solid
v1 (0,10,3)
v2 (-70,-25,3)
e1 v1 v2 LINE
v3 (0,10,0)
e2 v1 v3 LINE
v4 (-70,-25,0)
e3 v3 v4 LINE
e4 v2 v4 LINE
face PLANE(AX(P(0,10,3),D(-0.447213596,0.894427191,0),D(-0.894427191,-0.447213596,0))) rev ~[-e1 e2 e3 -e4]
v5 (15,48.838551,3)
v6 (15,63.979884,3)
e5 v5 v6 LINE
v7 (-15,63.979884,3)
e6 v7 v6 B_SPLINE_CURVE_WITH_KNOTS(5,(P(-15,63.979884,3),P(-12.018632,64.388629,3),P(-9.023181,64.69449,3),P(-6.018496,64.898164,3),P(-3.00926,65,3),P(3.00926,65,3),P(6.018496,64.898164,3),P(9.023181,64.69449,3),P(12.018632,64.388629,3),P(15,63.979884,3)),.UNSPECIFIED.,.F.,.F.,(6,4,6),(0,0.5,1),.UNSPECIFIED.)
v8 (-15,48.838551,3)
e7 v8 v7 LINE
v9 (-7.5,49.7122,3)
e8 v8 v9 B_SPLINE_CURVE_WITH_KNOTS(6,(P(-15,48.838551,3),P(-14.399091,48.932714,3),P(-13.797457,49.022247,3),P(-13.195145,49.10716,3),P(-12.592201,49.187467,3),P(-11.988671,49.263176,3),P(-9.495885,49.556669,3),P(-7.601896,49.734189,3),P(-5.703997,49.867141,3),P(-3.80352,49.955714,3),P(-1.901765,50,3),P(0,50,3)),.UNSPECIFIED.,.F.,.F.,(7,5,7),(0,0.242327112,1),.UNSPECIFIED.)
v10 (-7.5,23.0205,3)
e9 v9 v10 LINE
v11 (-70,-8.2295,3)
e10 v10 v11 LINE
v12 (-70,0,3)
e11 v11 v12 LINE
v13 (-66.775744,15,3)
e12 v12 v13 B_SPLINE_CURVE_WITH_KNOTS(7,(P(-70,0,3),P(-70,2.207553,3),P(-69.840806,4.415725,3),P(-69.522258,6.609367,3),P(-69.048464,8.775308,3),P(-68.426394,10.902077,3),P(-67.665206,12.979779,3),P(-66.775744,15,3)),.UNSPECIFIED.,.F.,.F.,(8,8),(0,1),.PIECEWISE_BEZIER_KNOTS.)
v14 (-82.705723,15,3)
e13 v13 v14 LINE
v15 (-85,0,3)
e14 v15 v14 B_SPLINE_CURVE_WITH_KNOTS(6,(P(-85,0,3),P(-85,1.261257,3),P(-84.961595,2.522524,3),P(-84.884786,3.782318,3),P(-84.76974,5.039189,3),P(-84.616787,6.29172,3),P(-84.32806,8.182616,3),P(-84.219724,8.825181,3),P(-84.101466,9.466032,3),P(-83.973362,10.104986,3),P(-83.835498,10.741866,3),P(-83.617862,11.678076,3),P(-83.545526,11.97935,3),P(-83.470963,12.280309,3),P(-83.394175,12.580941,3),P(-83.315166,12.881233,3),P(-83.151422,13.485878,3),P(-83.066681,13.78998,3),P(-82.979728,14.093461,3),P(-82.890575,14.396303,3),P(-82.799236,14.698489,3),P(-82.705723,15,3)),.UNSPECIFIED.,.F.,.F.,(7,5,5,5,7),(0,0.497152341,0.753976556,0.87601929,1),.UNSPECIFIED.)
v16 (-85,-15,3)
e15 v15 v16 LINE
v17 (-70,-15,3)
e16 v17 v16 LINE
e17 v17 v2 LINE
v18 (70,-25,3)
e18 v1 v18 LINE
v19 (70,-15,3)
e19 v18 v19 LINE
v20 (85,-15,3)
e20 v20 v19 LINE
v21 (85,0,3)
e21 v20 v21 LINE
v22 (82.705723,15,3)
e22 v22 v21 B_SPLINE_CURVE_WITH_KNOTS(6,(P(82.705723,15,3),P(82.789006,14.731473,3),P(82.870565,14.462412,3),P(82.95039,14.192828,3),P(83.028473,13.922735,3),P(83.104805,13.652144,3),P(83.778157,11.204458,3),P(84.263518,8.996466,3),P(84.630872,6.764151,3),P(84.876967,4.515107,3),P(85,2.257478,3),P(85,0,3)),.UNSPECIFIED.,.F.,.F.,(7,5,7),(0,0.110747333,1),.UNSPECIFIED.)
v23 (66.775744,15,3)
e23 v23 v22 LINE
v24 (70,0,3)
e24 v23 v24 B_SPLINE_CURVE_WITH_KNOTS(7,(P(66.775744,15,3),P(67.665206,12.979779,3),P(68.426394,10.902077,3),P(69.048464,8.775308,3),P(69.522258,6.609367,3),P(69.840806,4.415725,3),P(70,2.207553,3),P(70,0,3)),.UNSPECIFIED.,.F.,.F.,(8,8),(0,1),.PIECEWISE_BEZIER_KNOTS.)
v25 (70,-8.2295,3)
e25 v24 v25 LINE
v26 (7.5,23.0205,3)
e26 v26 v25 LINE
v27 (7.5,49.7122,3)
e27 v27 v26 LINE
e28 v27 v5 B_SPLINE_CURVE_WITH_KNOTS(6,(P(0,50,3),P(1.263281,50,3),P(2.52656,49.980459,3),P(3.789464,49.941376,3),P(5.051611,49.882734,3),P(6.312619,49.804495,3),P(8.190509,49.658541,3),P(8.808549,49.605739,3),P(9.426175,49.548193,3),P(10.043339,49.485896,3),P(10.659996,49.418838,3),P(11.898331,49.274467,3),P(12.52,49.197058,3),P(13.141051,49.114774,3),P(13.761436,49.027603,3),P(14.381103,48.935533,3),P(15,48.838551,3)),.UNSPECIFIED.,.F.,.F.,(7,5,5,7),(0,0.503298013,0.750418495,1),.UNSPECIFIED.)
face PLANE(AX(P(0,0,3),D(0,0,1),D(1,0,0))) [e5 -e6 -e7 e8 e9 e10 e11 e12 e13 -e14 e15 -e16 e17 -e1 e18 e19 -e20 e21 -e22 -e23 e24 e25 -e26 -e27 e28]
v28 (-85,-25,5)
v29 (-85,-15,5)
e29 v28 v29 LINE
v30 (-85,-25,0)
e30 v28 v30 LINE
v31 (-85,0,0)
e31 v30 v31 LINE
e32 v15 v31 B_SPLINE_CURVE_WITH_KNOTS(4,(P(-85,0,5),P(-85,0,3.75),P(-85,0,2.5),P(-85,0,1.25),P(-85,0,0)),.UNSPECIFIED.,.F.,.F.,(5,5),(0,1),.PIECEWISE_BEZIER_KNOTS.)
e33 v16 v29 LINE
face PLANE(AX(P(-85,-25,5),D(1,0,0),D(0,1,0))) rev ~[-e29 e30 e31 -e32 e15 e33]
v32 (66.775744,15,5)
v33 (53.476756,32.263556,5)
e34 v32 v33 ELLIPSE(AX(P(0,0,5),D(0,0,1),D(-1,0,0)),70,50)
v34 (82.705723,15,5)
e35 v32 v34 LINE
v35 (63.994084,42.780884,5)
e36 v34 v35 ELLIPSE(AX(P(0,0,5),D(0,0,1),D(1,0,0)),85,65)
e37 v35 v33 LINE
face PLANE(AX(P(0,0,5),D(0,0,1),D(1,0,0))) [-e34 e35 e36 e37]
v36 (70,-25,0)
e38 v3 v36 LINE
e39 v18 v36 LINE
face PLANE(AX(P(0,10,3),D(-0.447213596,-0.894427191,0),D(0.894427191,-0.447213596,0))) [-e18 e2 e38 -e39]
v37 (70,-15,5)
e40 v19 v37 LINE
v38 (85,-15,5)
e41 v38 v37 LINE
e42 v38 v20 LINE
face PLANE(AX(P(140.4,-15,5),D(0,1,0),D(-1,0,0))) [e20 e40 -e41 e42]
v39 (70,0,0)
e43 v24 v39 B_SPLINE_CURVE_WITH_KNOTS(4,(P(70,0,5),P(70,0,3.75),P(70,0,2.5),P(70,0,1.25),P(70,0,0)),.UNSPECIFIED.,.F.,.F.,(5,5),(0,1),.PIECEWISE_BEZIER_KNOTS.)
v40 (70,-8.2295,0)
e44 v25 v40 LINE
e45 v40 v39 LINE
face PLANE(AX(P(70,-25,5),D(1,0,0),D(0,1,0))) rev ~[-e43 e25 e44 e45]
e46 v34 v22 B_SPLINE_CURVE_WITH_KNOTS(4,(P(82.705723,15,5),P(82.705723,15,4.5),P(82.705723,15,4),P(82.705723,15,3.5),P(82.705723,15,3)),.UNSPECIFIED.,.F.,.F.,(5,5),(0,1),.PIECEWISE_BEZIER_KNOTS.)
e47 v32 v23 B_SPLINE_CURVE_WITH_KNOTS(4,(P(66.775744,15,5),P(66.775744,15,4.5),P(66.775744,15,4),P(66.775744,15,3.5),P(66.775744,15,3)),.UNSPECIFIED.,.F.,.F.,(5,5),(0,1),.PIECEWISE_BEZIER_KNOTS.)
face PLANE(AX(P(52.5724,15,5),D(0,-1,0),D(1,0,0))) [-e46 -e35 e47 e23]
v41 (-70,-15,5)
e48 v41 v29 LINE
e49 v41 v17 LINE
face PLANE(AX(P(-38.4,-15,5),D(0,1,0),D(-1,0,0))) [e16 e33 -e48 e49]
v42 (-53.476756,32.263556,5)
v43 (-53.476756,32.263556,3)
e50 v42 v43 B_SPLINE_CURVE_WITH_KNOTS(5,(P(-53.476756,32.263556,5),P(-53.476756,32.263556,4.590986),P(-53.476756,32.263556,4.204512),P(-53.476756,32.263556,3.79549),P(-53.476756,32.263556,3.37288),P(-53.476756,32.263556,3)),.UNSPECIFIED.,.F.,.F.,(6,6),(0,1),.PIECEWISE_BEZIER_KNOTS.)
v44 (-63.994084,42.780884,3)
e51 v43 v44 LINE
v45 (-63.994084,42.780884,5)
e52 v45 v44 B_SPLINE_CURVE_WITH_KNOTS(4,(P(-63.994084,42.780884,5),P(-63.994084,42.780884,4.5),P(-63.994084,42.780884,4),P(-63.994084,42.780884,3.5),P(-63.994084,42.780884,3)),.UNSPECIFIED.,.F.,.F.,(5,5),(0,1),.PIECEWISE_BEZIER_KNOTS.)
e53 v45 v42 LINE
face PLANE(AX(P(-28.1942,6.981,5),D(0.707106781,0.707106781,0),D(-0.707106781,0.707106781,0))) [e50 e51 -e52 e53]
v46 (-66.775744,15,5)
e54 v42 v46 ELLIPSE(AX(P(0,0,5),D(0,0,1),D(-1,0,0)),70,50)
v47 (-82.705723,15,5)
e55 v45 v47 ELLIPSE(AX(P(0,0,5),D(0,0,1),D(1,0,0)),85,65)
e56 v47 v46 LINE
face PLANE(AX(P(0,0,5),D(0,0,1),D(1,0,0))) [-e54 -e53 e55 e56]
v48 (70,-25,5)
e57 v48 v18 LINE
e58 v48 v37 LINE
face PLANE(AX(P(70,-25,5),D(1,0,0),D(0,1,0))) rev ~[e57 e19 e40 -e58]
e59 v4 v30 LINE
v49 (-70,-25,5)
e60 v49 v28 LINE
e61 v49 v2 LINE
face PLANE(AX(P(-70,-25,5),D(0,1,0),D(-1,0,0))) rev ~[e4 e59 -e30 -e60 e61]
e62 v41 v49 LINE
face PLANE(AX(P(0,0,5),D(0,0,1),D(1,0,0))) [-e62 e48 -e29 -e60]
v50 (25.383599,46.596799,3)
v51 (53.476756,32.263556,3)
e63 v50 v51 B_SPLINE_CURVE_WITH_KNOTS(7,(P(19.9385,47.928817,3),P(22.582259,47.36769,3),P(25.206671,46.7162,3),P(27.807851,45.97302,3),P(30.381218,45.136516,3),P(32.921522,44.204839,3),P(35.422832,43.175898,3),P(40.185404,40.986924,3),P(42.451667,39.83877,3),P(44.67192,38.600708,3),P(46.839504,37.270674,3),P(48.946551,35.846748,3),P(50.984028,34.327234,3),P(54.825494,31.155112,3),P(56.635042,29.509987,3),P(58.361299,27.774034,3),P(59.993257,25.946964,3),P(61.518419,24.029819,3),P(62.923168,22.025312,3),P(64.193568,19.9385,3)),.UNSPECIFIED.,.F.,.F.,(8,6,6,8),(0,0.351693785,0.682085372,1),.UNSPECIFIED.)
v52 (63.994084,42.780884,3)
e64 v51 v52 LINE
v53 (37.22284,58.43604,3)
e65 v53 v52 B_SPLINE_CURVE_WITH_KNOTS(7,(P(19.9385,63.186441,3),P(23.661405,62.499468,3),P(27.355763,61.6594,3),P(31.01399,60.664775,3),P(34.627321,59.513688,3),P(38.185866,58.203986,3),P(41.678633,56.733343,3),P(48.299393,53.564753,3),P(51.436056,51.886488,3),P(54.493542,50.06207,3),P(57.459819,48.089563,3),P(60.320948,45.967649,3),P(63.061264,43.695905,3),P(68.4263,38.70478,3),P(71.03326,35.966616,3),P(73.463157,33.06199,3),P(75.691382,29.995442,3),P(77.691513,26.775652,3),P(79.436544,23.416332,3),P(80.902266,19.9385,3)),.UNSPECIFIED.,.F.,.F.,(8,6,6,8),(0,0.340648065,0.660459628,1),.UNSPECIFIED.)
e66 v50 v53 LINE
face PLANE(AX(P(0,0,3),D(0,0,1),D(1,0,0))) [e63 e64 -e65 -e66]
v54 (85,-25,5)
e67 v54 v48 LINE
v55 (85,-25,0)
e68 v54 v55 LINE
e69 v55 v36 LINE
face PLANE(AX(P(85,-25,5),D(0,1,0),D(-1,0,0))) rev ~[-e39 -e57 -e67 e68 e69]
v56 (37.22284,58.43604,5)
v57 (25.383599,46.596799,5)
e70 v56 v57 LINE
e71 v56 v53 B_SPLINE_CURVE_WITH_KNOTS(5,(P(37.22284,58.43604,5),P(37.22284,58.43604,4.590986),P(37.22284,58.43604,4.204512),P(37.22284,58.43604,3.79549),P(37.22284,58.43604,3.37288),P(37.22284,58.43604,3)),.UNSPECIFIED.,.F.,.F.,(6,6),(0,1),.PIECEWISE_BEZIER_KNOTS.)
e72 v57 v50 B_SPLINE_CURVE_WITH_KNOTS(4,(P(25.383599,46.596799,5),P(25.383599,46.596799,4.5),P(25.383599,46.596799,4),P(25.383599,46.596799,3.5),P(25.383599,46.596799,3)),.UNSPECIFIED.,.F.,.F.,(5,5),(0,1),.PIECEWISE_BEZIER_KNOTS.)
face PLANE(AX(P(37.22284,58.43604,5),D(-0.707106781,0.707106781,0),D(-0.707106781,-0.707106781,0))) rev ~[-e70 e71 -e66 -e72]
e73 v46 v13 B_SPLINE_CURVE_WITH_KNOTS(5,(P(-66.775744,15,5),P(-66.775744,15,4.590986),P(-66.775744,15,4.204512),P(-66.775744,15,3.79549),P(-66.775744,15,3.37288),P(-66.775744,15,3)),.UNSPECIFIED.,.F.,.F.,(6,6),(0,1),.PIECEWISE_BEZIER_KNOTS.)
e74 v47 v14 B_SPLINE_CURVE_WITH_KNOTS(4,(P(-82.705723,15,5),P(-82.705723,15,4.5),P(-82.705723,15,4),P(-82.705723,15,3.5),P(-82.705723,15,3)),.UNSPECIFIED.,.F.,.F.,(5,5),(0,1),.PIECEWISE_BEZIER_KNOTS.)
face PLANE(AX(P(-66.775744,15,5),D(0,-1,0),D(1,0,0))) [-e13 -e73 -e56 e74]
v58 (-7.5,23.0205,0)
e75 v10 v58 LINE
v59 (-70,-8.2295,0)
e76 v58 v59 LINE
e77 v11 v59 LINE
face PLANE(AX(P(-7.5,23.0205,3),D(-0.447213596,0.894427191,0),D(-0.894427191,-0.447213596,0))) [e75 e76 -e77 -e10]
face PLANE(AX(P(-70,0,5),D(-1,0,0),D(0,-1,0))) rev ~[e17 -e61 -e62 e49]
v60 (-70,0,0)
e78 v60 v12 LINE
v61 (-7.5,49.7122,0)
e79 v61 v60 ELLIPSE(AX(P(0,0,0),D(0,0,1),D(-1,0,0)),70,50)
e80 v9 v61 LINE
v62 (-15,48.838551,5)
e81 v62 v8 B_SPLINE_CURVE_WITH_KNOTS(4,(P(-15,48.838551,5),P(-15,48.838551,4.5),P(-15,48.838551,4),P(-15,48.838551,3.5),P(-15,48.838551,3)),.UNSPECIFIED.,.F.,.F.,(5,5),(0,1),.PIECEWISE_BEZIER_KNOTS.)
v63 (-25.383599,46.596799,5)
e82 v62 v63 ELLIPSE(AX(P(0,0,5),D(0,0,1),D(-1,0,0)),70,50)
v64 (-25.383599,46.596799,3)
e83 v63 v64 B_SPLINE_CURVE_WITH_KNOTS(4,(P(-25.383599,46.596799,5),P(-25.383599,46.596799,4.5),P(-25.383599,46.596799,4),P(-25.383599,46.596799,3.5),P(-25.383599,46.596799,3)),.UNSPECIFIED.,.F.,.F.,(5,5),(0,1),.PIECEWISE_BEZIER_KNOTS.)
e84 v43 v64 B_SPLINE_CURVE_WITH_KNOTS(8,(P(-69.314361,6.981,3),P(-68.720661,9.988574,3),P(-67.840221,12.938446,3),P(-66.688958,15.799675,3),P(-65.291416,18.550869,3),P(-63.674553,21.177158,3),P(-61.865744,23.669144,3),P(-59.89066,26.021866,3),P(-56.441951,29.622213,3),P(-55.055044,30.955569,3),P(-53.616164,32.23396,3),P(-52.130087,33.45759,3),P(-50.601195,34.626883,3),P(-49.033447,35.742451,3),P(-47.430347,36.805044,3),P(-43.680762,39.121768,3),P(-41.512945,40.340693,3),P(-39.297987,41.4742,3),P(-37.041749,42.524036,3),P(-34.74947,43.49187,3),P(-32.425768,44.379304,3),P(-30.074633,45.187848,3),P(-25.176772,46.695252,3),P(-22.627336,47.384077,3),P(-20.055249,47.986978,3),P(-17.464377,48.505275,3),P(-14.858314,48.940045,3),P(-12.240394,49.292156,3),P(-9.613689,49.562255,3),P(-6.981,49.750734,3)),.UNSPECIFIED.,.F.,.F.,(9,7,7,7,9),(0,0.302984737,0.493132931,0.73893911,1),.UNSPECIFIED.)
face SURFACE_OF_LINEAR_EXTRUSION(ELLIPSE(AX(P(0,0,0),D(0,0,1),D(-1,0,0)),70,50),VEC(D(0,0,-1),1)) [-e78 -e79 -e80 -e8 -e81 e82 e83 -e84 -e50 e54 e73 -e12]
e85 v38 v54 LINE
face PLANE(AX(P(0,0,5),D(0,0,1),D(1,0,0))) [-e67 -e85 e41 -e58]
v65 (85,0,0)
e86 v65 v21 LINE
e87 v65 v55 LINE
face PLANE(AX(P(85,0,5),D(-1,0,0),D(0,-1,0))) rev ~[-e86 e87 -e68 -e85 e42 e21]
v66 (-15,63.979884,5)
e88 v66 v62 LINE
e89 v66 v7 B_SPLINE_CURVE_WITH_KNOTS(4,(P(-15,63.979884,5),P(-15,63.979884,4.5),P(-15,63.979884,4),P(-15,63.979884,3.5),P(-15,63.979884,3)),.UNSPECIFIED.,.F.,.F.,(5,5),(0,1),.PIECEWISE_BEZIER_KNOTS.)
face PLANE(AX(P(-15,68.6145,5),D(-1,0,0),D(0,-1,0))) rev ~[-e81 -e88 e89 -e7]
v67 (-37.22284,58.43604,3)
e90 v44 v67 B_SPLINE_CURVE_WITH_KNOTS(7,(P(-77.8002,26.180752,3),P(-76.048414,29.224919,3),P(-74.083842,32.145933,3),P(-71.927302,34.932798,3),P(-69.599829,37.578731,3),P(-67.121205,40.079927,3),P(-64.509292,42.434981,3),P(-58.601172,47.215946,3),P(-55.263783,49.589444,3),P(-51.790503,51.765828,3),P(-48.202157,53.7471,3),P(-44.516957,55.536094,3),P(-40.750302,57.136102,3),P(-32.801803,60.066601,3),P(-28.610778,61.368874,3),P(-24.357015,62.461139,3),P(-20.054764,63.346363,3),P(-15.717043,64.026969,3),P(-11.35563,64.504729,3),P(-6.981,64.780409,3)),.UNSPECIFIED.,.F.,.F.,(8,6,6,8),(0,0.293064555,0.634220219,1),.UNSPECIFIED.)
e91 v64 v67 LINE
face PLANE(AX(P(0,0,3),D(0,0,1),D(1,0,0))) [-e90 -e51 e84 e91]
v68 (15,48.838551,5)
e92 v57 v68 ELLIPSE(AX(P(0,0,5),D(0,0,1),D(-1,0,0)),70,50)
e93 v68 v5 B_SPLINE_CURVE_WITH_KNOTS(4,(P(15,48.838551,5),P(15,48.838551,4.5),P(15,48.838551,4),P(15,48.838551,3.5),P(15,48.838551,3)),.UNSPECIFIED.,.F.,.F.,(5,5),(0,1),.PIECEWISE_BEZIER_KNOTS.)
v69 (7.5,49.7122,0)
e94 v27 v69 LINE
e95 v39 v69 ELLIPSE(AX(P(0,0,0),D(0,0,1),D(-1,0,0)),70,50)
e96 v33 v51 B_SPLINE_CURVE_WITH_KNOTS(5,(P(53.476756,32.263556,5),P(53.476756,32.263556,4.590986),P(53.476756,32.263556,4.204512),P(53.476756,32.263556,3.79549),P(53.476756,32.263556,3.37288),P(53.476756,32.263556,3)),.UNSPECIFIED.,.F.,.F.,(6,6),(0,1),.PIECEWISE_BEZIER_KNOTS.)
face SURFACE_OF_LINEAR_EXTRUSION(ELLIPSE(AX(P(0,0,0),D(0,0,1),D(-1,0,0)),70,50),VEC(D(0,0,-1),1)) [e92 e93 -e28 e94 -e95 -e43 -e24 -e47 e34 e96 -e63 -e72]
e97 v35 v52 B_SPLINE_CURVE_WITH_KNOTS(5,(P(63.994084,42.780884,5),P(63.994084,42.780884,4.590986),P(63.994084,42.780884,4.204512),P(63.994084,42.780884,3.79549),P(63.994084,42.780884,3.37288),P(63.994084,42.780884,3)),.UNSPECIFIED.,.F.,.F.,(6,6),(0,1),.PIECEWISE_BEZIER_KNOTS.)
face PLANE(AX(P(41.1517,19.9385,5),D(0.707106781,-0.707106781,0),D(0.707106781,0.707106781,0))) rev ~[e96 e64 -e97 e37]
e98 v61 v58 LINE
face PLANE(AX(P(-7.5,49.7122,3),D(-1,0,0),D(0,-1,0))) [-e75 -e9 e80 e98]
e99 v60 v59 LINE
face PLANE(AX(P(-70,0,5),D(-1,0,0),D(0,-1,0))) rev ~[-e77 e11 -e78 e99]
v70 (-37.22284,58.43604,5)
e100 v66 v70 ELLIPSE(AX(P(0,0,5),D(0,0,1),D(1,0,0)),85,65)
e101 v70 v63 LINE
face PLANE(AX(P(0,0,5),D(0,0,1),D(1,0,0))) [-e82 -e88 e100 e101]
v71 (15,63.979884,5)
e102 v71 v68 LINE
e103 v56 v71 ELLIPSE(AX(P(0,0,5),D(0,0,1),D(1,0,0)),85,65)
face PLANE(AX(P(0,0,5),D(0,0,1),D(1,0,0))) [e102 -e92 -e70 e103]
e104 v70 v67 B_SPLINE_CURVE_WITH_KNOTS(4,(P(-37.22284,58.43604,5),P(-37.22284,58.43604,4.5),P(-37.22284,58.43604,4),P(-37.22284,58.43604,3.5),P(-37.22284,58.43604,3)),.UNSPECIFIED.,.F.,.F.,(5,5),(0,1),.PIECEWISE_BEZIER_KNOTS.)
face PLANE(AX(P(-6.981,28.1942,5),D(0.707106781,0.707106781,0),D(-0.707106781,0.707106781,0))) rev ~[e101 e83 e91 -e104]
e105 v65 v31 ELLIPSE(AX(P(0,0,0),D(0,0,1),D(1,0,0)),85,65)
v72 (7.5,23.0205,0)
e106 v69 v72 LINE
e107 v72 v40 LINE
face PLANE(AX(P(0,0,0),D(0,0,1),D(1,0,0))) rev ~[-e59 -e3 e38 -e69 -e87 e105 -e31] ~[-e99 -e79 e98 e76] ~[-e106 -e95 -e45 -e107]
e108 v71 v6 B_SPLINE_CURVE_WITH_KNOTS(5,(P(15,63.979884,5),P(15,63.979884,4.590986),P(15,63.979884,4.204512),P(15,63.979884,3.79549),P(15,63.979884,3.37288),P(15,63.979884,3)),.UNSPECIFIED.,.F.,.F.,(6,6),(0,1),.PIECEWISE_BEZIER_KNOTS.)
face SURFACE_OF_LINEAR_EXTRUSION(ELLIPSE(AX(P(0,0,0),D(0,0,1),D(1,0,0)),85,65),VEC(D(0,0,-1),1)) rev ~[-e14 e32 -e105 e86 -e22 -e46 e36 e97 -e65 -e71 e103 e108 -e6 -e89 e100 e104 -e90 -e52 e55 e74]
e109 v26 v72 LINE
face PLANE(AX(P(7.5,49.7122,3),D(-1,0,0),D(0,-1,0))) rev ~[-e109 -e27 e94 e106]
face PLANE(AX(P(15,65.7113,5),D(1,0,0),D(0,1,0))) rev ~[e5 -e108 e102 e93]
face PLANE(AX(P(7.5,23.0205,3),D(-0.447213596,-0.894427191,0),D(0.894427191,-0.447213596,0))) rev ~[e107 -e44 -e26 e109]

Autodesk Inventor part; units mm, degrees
ref_plane "YZ Plane" through (0, 0, 0) normal (1, 0, 0) x (0, 1, 0)
ref_plane "XZ Plane" through (0, 0, 0) normal (0, 1, 0) x (-1, 0, 0)
ref_plane "XY Plane" through (0, 0, 0) normal (0, 0, 1) x (1, 0, 0)
sketch "Skizze1" plane through (0, 0, 0) normal (1, 0, 0) x (0, 1, 0)
  point P0 (0, 0)
sketch "Skizze2" plane through (0, 0, 0) normal (0, 0, 1) x (1, 0, 0)
  line L0 (0, 0) -> (0, 50)
  ellipse E0 centre (0, 0) end of major axis (0, 50) minor radius 70
  ellipse E1 centre (0, 0) end of major axis (85, 0) minor radius 65
  point P0 (0, 65)
  dimension "d3" = 70
  dimension "d4" = 85
  dimension "d1" = 50
  dimension "d5" = 15
extrude "Extrusion1" add sketch "Skizze2" along normal blind 5
sketch "Skizze4" plane through (0, 0, 5) normal (0, 0, 1) x (1, 0, 0)
  line L0 (-138.5421, 0) -> (141.5539, 0)
  line L1 (141.5539, 0) -> (141.5539, -100.2494)
  line L2 (141.5539, -100.2494) -> (-138.5421, -100.2494)
  line L3 (-138.5421, -100.2494) -> (-138.5421, 0)
extrude "Extrusion3" cut sketch "Skizze4" against normal blind 5
sketch "Skizze5" plane through (0, 0, 5) normal (0, 0, 1) x (1, 0, 0)
  line L0 (-85, 0) -> (-70, 0)
  line L1 (-70, 0) -> (-70, -25)
  line L2 (-70, -25) -> (-85, -25)
  line L3 (-85, -25) -> (-85, 0)
  line L4 (70, 0) -> (85, 0)
  line L5 (85, 0) -> (85, -25)
  line L6 (85, -25) -> (70, -25)
  line L7 (70, -25) -> (70, 0)
  dimension "d13" = 25
  dimension "d14" = 25
extrude "Extrusion4" add sketch "Skizze5" against normal blind 5
sketch "Skizze7" plane through (0, 0, 5) normal (0, 0, 1) x (1, 0, 0)
  line L0 (14.5161, 65.7113) -> (16.129, 65.7113)
  line L1 (16.129, 65.7113) -> (16.129, 66.0339)
  line L2 (16.129, 66.0339) -> (14.5161, 66.0339)
  line L3 (14.5161, 66.0339) -> (14.5161, 65.7113)
  line L4 (-15, 28.2919) -> (15, 28.2919)
  line L5 (15, 28.2919) -> (15, 68.6145)
  line L6 (15, 68.6145) -> (-15, 68.6145)
  line L7 (-15, 68.6145) -> (-15, 28.2919)
  line L8 (-70, -25) -> (-85, -25) projected
  line L9 (-85, -25) -> (-85, 0) projected
  ellipse E0 centre (0, 0) end of major axis (-85, 0) minor radius 65 (85, 0) -> (-85, 0) ccw projected
  line L10 (85, 0) -> (85, -25) projected
  line L11 (85, -25) -> (70, -25) projected
  line L12 (70, -25) -> (70, 0) projected
  ellipse E1 centre (0, 0) end of major axis (-70, 0) minor radius 50 (70, 0) -> (-70, 0) ccw projected
  line L13 (-70, 0) -> (-70, -25) projected
  line L14 (0, -43.7229) -> (0, 87.3374) projected
  dimension "d20" = 30
extrude "Extrusion5" cut sketch "Skizze7" against normal blind 2 contours L3 L2 L5 L0 | L0 L5 E0 L14 L6 L2 L3 | L5 E1 L14 E0 | L5 L4 L14 E1 | L14 E1 L7 E0 | E0 L7 L6 L14 | L14 L4 L7 E1
sketch "Skizze8" plane through (0, 0, 5) normal (0, 0, 1) x (1, 0, 0)
  ellipse E0 centre (0, 0) end of major axis (-85, 0) minor radius 65 (85, 0) -> (15, 63.9799) ccw projected
  line L0 (0, 0) -> (49.3064, 49.3064) construction
  line L1 (-121.351, 0) -> (133.1061, 0) construction
  line L2 (76.2939, 97.5071) -> (19.9385, 41.1517)
  line L3 (19.9385, 41.1517) -> (41.1517, 19.9385)
  line L4 (41.1517, 19.9385) -> (92.1355, 70.9223)
  line L5 (76.2939, 97.5071) -> (92.1355, 70.9223)
  dimension "d23" = 45
  dimension "d24" = 30
extrude "Extrusion6" cut sketch "Skizze8" against normal blind 2
sketch "Skizze9" plane through (0, 0, 5) normal (0, 0, 1) x (1, 0, 0)
  line L0 (52.5724, 15) -> (140.4, 15)
  line L1 (140.4, 15) -> (140.4, -15)
  line L2 (140.4, -15) -> (52.5724, -15)
  line L3 (52.5724, -15) -> (52.5724, 15)
  line L4 (-125.4, 0) -> (157.4, 0) projected
  dimension "d27" = 30
extrude "Extrusion7" cut sketch "Skizze9" against normal blind 2
sketch "Skizze10" plane through (0, 0, 5) normal (0, 0, 1) x (1, 0, 0)
  ellipse E0 centre (0, 0) end of major axis (-70, 0) minor radius 50 (-15, 48.8386) -> (-70, 0) ccw projected
  line L0 (0, 0) -> (-45.6382, 45.6382) construction
  line L1 (-155, 0) -> (125, 0) projected
  line L2 (-28.1942, 6.981) -> (-6.981, 28.1942)
  line L3 (-6.981, 28.1942) -> (-56.587, 77.8002)
  line L4 (-56.587, 77.8002) -> (-77.8002, 56.587)
  line L5 (-28.1942, 6.981) -> (-77.8002, 56.587)
  dimension "d30" = 45
  dimension "d31" = 30
extrude "Extrusion8" cut sketch "Skizze10" against normal blind 2
sketch "Skizze11" plane through (0, 0, 5) normal (0, 0, 1) x (1, 0, 0)
  ellipse E0 centre (0, 0) end of major axis (-70, 0) minor radius 50 (-53.4768, 32.2636) -> (-70, 0) ccw projected
  line L0 (-171.6, -15) -> (-171.6, 15)
  line L1 (-171.6, 15) -> (-38.4, 15)
  line L2 (-38.4, 15) -> (-38.4, -15)
  line L3 (-38.4, -15) -> (-171.6, -15)
  line L4 (-188.6, 0) -> (130.6, 0) projected
  dimension "d34" = 30
extrude "Extrusion9" cut sketch "Skizze11" against normal blind 2
sketch "Skizze12" plane through (0, 0, 3) normal (0, 0, 1) x (1, 0, 0)
  ellipse E0 centre (0, 0) end of major axis (-70, 0) minor radius 50 (15, 48.8386) -> (-15, 48.8386) ccw projected
  line L0 (-15, 48.8386) -> (-15, 63.9799) projected
  line L1 (-7.5, 49.7122) -> (-7.5, 23.0205)
  line L2 (0, -43) -> (0, 83) construction
  line L3 (7.5, 49.7122) -> (7.5, 23.0205)
  line L4 (-7.5, 23.0205) -> (-70, -8.2295)
  line L5 (-70, 0) -> (-70, -15) construction
  line L6 (7.5, 23.0205) -> (70, -8.2295)
  line L7 (70, -15) -> (70, 0) construction
  line L8 (-70, -8.2295) -> (-70, -25)
  line L9 (70, -25) -> (70, -8.2295)
  line L10 (-7.5, 49.7122) -> (0, 53)
  line L11 (0, 53) -> (7.5, 49.7122)
  line L12 (0, 10) -> (-70, -25)
  line L13 (0, 10) -> (70, -25)
  dimension "d37" = 15
  dimension "d41" = 53
  dimension "d43" = 15
  dimension "d44" = 15
  dimension "d45" = 10
extrude "Extrusion10" add sketch "Skizze12" against normal blind 3
properties part number "Laseraufbau"
